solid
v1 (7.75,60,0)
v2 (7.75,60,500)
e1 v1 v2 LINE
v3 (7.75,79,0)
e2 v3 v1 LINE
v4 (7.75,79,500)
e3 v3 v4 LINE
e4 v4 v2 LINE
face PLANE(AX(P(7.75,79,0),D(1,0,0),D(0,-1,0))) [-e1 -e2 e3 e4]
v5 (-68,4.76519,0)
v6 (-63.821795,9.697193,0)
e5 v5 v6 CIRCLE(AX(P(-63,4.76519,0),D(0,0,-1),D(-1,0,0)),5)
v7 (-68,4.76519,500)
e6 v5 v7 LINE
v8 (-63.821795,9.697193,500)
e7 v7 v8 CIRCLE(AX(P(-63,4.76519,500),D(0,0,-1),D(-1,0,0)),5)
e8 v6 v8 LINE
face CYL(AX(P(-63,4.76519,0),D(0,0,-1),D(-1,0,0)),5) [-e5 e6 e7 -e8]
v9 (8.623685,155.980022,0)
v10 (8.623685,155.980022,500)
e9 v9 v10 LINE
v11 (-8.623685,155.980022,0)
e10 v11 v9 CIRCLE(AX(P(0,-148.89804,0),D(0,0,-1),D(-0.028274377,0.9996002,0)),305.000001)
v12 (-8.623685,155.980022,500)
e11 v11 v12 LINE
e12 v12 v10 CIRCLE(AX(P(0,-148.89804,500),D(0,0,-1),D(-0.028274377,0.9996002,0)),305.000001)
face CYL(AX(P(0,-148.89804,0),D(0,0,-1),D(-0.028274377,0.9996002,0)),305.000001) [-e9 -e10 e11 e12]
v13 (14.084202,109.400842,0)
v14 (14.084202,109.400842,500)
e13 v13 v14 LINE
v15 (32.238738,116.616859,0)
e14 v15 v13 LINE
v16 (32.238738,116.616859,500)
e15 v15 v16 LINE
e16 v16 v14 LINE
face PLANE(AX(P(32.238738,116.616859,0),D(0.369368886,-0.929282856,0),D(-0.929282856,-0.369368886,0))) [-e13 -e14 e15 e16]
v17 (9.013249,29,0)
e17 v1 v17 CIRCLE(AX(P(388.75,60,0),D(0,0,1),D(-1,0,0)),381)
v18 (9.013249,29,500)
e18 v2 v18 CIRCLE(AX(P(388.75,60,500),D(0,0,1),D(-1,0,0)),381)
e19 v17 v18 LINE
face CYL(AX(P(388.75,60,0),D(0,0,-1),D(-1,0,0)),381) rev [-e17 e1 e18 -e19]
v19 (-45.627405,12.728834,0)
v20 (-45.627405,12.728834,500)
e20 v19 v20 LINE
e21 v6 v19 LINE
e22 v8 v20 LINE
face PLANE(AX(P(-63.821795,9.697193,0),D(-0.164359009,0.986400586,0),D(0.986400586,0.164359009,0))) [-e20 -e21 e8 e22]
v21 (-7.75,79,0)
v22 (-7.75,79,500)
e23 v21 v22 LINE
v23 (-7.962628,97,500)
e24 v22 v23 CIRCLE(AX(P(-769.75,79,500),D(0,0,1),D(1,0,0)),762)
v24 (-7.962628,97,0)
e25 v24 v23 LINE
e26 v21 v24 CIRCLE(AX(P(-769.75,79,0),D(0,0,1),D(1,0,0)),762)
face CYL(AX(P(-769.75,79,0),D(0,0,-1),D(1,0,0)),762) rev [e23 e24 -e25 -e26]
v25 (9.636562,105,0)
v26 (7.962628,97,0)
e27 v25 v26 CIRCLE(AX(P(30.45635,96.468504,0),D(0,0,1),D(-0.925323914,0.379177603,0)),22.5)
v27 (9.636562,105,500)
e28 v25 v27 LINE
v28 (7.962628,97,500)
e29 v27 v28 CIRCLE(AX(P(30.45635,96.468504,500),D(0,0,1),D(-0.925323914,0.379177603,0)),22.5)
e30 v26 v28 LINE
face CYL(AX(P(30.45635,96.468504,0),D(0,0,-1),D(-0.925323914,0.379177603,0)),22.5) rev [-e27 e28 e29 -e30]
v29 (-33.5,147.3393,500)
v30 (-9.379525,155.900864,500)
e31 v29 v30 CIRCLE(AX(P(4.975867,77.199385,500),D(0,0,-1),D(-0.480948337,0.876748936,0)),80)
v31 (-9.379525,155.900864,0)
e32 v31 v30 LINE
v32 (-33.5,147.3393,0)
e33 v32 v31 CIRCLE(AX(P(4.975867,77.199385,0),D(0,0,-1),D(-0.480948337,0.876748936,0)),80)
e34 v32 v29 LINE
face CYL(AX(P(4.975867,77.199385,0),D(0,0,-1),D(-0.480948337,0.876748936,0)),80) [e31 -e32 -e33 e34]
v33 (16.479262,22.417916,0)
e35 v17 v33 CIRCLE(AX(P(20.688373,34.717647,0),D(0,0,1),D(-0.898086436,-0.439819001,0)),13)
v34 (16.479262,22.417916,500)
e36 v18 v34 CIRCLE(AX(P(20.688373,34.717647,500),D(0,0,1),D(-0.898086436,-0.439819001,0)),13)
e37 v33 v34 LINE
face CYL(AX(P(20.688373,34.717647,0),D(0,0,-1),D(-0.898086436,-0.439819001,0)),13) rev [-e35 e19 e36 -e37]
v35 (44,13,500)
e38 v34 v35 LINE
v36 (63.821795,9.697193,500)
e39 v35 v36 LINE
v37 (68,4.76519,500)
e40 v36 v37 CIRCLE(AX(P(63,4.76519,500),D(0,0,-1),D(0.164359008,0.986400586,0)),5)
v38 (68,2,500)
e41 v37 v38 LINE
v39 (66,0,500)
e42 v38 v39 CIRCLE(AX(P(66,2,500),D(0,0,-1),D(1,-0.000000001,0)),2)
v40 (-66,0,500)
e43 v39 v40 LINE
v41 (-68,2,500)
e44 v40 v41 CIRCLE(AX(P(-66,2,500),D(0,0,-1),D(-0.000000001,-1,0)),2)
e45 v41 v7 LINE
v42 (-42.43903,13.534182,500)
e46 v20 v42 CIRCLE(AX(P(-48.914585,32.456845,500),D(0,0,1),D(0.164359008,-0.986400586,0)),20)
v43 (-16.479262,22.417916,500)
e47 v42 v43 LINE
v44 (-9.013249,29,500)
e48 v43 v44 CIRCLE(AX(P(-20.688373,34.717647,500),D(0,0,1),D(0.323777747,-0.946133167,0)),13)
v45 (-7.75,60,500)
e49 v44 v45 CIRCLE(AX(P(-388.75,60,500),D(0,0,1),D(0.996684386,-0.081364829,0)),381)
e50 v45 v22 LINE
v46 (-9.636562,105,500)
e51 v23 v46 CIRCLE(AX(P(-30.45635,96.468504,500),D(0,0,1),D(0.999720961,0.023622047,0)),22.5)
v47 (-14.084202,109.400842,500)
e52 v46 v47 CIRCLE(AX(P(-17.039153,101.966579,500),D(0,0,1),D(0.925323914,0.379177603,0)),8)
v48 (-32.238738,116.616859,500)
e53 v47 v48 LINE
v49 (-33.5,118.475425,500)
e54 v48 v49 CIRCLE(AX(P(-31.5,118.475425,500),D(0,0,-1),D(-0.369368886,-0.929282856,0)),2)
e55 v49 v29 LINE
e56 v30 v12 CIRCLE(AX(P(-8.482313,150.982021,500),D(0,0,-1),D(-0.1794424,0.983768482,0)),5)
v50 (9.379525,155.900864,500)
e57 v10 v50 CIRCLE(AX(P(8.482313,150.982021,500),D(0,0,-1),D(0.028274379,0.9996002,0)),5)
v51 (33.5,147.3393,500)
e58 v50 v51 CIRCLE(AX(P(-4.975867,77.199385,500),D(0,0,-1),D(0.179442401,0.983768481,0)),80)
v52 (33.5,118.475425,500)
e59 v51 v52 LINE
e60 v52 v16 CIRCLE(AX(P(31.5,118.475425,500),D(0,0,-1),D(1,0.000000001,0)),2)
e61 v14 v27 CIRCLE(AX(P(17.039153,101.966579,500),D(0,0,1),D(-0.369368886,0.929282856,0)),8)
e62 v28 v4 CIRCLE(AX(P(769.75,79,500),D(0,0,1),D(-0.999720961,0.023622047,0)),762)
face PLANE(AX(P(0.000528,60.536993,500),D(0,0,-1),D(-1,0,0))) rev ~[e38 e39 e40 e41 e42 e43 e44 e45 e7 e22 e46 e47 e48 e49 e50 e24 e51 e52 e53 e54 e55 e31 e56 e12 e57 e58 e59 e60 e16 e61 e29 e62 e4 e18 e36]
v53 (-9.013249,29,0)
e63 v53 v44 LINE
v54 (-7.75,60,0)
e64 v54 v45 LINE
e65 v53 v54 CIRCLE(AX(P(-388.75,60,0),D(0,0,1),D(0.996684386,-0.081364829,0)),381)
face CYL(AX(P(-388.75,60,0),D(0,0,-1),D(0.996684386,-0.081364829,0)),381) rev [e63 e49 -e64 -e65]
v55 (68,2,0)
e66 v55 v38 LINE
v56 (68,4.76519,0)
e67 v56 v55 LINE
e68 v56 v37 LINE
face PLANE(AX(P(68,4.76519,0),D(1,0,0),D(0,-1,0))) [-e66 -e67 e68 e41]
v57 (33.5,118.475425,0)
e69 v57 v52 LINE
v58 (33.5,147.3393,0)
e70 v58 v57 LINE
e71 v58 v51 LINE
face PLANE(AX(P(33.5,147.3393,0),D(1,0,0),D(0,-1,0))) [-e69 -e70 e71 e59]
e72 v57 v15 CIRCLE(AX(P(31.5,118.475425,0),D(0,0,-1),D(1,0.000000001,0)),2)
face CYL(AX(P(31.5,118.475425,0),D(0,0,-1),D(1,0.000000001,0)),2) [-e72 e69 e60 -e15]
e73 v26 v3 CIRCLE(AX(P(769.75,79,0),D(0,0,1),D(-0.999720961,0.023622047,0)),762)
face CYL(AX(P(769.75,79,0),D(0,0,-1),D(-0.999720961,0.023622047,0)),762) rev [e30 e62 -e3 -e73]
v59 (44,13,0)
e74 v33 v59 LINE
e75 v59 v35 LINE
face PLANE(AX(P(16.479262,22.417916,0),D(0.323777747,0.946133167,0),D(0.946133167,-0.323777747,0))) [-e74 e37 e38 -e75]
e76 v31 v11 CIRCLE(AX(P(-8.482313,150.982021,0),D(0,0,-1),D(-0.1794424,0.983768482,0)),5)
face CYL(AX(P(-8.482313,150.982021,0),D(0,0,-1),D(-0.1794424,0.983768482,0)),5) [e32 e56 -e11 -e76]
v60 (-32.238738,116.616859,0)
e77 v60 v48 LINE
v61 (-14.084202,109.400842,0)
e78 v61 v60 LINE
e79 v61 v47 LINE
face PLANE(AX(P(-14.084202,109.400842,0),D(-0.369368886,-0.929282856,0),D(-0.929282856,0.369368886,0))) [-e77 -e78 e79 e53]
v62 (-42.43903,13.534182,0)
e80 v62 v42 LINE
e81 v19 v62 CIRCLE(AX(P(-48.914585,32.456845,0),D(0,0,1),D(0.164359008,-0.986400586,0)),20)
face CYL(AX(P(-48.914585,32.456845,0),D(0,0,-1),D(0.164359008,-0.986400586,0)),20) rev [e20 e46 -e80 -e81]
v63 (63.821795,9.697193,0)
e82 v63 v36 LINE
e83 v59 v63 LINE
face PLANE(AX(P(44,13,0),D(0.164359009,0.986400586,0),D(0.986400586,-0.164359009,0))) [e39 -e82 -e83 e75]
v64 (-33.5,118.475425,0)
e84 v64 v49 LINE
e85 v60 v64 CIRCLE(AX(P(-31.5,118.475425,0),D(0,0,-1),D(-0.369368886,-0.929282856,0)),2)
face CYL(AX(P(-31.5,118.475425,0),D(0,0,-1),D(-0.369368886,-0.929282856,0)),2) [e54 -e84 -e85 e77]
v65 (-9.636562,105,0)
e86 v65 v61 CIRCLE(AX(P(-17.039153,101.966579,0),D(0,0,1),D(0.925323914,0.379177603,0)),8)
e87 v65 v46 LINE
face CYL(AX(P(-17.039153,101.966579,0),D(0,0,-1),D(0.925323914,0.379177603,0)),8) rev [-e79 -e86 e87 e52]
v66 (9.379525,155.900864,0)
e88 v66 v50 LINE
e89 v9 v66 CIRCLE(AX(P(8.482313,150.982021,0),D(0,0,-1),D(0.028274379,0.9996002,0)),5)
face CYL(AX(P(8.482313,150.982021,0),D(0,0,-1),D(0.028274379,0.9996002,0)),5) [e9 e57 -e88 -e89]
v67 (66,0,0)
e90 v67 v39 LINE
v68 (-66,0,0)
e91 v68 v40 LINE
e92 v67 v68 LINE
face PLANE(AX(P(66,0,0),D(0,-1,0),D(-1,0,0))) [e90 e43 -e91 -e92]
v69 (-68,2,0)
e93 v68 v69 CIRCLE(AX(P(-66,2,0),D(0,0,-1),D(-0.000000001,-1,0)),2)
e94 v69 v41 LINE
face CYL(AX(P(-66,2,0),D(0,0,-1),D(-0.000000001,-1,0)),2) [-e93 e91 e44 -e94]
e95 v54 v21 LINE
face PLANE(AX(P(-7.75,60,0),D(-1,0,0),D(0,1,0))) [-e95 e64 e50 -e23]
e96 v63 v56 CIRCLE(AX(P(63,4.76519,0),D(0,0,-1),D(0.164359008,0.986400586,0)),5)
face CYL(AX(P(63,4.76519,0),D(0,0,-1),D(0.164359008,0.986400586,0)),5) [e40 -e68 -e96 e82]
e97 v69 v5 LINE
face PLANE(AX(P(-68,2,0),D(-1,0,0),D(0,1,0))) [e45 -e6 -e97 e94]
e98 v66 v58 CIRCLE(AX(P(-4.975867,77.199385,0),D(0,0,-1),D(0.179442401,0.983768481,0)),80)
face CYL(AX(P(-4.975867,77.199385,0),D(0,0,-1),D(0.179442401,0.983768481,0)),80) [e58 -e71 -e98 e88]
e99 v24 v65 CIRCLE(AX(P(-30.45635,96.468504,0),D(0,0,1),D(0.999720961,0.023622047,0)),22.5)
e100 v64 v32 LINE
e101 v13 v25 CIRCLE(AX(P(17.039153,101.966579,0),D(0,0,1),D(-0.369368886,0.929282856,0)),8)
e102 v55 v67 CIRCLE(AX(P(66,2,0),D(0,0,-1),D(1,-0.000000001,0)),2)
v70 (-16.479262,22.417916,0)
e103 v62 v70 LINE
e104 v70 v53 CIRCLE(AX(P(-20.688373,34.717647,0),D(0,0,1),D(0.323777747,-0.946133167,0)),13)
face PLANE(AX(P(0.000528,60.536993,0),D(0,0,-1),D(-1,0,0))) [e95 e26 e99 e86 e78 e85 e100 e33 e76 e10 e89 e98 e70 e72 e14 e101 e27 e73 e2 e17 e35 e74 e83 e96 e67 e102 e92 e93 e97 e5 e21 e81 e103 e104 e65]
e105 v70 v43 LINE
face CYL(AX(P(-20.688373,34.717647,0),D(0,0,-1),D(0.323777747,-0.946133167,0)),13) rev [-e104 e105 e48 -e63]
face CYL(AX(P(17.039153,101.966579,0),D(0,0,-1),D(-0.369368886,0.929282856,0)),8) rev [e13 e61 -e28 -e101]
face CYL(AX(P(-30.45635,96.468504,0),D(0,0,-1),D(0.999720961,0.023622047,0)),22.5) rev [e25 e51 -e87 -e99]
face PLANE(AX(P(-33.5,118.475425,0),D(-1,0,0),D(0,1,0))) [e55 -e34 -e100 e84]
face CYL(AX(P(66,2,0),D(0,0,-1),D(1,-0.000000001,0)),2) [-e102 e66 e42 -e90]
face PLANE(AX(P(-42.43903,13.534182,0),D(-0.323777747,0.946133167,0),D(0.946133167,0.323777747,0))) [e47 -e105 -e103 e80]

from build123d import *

# Parameters (mm, degrees)
BOSS_EXTRUDE1_DEPTH = 500


with BuildPart() as part:
    # Sketch3 → Boss-Extrude1 (new body)
    with BuildSketch(Plane.XY):
        with BuildLine():
            Line((0, 0), (-66, 0))
            ThreePointArc((-66, 0), (-67.414213562, 0.585786438), (-68, 2))
            Line((-68, 2), (-68, 4.765190248))
            ThreePointArc((-68, 4.765190248), (-66.815034418, 7.997142041), (-63.821795043, 9.697193178))
            Line((-63.821795043, 9.697193178), (-45.627404821, 12.72883365))
            ThreePointArc((-45.627404821, 12.72883365), (-44.016636876, 13.065865401), (-42.439030045, 13.534182026))
            Line((-42.439030045, 13.534182026), (-16.479262031, 22.417915838))
            ThreePointArc((-16.479262031, 22.417915838), (-12.091385863, 24.966143716), (-9.013249079, 29))
            ThreePointArc((-9.013249079, 29), (-8.065943267, 44.487135998), (-7.75, 60))
            Line((-7.75, 60), (-7.75, 79))
            ThreePointArc((-7.75, 79), (-7.803158877, 88.000627905), (-7.962628091, 97))
            ThreePointArc((-7.962628091, 97), (-8.43329292, 101.07664564), (-9.636561641, 105))
            ThreePointArc((-9.636561641, 105), (-11.41229559, 107.653272086), (-14.084201862, 109.400842023))
            Line((-14.084201862, 109.400842023), (-32.238737772, 116.616858833))
            ThreePointArc((-32.238737772, 116.616858833), (-33.154913222, 117.352365228), (-33.5, 118.475424545))
            Line((-33.5, 118.475424545), (-33.5, 147.339300155))
            ThreePointArc((-33.5, 147.339300155), (-21.78437547, 152.590959224), (-9.379525087, 155.900863764))
            ThreePointArc((-9.379525087, 155.900863764), (-9.003111167, 155.954824325), (-8.623684969, 155.980022357))
            ThreePointArc((-8.623684969, 155.980022357), (0, 156.101961392), (8.623684969, 155.980022357))
            ThreePointArc((8.623684969, 155.980022357), (9.003111167, 155.954824325), (9.379525087, 155.900863764))
            ThreePointArc((9.379525087, 155.900863764), (21.78437547, 152.590959224), (33.5, 147.339300155))
            Line((33.5, 147.339300155), (33.5, 118.475424545))
            ThreePointArc((33.5, 118.475424545), (33.154913222, 117.352365228), (32.238737772, 116.616858833))
            Line((32.238737772, 116.616858833), (14.084201862, 109.400842023))
            ThreePointArc((14.084201862, 109.400842023), (11.41229559, 107.653272086), (9.636561641, 105))
            ThreePointArc((9.636561641, 105), (8.43329292, 101.07664564), (7.962628091, 97))
            ThreePointArc((7.962628091, 97), (7.803158877, 88.000627905), (7.75, 79))
            Line((7.75, 79), (7.75, 60))
            ThreePointArc((7.75, 60), (8.065943267, 44.487135998), (9.013249079, 29))
            ThreePointArc((9.013249079, 29), (12.091385863, 24.966143716), (16.479262031, 22.417915838))
            Line((16.479262031, 22.417915838), (44, 12.999999996))
            Line((44, 12.999999996), (63.821795043, 9.697193178))
            ThreePointArc((63.821795043, 9.697193178), (66.815034418, 7.997142041), (68, 4.765190248))
            Line((68, 4.765190248), (68, 2))
            ThreePointArc((68, 2), (67.414213562, 0.585786438), (66, 0))
            Line((66, 0), (0, 0))
        make_face()
    extrude(amount=BOSS_EXTRUDE1_DEPTH)


solid = part.part
